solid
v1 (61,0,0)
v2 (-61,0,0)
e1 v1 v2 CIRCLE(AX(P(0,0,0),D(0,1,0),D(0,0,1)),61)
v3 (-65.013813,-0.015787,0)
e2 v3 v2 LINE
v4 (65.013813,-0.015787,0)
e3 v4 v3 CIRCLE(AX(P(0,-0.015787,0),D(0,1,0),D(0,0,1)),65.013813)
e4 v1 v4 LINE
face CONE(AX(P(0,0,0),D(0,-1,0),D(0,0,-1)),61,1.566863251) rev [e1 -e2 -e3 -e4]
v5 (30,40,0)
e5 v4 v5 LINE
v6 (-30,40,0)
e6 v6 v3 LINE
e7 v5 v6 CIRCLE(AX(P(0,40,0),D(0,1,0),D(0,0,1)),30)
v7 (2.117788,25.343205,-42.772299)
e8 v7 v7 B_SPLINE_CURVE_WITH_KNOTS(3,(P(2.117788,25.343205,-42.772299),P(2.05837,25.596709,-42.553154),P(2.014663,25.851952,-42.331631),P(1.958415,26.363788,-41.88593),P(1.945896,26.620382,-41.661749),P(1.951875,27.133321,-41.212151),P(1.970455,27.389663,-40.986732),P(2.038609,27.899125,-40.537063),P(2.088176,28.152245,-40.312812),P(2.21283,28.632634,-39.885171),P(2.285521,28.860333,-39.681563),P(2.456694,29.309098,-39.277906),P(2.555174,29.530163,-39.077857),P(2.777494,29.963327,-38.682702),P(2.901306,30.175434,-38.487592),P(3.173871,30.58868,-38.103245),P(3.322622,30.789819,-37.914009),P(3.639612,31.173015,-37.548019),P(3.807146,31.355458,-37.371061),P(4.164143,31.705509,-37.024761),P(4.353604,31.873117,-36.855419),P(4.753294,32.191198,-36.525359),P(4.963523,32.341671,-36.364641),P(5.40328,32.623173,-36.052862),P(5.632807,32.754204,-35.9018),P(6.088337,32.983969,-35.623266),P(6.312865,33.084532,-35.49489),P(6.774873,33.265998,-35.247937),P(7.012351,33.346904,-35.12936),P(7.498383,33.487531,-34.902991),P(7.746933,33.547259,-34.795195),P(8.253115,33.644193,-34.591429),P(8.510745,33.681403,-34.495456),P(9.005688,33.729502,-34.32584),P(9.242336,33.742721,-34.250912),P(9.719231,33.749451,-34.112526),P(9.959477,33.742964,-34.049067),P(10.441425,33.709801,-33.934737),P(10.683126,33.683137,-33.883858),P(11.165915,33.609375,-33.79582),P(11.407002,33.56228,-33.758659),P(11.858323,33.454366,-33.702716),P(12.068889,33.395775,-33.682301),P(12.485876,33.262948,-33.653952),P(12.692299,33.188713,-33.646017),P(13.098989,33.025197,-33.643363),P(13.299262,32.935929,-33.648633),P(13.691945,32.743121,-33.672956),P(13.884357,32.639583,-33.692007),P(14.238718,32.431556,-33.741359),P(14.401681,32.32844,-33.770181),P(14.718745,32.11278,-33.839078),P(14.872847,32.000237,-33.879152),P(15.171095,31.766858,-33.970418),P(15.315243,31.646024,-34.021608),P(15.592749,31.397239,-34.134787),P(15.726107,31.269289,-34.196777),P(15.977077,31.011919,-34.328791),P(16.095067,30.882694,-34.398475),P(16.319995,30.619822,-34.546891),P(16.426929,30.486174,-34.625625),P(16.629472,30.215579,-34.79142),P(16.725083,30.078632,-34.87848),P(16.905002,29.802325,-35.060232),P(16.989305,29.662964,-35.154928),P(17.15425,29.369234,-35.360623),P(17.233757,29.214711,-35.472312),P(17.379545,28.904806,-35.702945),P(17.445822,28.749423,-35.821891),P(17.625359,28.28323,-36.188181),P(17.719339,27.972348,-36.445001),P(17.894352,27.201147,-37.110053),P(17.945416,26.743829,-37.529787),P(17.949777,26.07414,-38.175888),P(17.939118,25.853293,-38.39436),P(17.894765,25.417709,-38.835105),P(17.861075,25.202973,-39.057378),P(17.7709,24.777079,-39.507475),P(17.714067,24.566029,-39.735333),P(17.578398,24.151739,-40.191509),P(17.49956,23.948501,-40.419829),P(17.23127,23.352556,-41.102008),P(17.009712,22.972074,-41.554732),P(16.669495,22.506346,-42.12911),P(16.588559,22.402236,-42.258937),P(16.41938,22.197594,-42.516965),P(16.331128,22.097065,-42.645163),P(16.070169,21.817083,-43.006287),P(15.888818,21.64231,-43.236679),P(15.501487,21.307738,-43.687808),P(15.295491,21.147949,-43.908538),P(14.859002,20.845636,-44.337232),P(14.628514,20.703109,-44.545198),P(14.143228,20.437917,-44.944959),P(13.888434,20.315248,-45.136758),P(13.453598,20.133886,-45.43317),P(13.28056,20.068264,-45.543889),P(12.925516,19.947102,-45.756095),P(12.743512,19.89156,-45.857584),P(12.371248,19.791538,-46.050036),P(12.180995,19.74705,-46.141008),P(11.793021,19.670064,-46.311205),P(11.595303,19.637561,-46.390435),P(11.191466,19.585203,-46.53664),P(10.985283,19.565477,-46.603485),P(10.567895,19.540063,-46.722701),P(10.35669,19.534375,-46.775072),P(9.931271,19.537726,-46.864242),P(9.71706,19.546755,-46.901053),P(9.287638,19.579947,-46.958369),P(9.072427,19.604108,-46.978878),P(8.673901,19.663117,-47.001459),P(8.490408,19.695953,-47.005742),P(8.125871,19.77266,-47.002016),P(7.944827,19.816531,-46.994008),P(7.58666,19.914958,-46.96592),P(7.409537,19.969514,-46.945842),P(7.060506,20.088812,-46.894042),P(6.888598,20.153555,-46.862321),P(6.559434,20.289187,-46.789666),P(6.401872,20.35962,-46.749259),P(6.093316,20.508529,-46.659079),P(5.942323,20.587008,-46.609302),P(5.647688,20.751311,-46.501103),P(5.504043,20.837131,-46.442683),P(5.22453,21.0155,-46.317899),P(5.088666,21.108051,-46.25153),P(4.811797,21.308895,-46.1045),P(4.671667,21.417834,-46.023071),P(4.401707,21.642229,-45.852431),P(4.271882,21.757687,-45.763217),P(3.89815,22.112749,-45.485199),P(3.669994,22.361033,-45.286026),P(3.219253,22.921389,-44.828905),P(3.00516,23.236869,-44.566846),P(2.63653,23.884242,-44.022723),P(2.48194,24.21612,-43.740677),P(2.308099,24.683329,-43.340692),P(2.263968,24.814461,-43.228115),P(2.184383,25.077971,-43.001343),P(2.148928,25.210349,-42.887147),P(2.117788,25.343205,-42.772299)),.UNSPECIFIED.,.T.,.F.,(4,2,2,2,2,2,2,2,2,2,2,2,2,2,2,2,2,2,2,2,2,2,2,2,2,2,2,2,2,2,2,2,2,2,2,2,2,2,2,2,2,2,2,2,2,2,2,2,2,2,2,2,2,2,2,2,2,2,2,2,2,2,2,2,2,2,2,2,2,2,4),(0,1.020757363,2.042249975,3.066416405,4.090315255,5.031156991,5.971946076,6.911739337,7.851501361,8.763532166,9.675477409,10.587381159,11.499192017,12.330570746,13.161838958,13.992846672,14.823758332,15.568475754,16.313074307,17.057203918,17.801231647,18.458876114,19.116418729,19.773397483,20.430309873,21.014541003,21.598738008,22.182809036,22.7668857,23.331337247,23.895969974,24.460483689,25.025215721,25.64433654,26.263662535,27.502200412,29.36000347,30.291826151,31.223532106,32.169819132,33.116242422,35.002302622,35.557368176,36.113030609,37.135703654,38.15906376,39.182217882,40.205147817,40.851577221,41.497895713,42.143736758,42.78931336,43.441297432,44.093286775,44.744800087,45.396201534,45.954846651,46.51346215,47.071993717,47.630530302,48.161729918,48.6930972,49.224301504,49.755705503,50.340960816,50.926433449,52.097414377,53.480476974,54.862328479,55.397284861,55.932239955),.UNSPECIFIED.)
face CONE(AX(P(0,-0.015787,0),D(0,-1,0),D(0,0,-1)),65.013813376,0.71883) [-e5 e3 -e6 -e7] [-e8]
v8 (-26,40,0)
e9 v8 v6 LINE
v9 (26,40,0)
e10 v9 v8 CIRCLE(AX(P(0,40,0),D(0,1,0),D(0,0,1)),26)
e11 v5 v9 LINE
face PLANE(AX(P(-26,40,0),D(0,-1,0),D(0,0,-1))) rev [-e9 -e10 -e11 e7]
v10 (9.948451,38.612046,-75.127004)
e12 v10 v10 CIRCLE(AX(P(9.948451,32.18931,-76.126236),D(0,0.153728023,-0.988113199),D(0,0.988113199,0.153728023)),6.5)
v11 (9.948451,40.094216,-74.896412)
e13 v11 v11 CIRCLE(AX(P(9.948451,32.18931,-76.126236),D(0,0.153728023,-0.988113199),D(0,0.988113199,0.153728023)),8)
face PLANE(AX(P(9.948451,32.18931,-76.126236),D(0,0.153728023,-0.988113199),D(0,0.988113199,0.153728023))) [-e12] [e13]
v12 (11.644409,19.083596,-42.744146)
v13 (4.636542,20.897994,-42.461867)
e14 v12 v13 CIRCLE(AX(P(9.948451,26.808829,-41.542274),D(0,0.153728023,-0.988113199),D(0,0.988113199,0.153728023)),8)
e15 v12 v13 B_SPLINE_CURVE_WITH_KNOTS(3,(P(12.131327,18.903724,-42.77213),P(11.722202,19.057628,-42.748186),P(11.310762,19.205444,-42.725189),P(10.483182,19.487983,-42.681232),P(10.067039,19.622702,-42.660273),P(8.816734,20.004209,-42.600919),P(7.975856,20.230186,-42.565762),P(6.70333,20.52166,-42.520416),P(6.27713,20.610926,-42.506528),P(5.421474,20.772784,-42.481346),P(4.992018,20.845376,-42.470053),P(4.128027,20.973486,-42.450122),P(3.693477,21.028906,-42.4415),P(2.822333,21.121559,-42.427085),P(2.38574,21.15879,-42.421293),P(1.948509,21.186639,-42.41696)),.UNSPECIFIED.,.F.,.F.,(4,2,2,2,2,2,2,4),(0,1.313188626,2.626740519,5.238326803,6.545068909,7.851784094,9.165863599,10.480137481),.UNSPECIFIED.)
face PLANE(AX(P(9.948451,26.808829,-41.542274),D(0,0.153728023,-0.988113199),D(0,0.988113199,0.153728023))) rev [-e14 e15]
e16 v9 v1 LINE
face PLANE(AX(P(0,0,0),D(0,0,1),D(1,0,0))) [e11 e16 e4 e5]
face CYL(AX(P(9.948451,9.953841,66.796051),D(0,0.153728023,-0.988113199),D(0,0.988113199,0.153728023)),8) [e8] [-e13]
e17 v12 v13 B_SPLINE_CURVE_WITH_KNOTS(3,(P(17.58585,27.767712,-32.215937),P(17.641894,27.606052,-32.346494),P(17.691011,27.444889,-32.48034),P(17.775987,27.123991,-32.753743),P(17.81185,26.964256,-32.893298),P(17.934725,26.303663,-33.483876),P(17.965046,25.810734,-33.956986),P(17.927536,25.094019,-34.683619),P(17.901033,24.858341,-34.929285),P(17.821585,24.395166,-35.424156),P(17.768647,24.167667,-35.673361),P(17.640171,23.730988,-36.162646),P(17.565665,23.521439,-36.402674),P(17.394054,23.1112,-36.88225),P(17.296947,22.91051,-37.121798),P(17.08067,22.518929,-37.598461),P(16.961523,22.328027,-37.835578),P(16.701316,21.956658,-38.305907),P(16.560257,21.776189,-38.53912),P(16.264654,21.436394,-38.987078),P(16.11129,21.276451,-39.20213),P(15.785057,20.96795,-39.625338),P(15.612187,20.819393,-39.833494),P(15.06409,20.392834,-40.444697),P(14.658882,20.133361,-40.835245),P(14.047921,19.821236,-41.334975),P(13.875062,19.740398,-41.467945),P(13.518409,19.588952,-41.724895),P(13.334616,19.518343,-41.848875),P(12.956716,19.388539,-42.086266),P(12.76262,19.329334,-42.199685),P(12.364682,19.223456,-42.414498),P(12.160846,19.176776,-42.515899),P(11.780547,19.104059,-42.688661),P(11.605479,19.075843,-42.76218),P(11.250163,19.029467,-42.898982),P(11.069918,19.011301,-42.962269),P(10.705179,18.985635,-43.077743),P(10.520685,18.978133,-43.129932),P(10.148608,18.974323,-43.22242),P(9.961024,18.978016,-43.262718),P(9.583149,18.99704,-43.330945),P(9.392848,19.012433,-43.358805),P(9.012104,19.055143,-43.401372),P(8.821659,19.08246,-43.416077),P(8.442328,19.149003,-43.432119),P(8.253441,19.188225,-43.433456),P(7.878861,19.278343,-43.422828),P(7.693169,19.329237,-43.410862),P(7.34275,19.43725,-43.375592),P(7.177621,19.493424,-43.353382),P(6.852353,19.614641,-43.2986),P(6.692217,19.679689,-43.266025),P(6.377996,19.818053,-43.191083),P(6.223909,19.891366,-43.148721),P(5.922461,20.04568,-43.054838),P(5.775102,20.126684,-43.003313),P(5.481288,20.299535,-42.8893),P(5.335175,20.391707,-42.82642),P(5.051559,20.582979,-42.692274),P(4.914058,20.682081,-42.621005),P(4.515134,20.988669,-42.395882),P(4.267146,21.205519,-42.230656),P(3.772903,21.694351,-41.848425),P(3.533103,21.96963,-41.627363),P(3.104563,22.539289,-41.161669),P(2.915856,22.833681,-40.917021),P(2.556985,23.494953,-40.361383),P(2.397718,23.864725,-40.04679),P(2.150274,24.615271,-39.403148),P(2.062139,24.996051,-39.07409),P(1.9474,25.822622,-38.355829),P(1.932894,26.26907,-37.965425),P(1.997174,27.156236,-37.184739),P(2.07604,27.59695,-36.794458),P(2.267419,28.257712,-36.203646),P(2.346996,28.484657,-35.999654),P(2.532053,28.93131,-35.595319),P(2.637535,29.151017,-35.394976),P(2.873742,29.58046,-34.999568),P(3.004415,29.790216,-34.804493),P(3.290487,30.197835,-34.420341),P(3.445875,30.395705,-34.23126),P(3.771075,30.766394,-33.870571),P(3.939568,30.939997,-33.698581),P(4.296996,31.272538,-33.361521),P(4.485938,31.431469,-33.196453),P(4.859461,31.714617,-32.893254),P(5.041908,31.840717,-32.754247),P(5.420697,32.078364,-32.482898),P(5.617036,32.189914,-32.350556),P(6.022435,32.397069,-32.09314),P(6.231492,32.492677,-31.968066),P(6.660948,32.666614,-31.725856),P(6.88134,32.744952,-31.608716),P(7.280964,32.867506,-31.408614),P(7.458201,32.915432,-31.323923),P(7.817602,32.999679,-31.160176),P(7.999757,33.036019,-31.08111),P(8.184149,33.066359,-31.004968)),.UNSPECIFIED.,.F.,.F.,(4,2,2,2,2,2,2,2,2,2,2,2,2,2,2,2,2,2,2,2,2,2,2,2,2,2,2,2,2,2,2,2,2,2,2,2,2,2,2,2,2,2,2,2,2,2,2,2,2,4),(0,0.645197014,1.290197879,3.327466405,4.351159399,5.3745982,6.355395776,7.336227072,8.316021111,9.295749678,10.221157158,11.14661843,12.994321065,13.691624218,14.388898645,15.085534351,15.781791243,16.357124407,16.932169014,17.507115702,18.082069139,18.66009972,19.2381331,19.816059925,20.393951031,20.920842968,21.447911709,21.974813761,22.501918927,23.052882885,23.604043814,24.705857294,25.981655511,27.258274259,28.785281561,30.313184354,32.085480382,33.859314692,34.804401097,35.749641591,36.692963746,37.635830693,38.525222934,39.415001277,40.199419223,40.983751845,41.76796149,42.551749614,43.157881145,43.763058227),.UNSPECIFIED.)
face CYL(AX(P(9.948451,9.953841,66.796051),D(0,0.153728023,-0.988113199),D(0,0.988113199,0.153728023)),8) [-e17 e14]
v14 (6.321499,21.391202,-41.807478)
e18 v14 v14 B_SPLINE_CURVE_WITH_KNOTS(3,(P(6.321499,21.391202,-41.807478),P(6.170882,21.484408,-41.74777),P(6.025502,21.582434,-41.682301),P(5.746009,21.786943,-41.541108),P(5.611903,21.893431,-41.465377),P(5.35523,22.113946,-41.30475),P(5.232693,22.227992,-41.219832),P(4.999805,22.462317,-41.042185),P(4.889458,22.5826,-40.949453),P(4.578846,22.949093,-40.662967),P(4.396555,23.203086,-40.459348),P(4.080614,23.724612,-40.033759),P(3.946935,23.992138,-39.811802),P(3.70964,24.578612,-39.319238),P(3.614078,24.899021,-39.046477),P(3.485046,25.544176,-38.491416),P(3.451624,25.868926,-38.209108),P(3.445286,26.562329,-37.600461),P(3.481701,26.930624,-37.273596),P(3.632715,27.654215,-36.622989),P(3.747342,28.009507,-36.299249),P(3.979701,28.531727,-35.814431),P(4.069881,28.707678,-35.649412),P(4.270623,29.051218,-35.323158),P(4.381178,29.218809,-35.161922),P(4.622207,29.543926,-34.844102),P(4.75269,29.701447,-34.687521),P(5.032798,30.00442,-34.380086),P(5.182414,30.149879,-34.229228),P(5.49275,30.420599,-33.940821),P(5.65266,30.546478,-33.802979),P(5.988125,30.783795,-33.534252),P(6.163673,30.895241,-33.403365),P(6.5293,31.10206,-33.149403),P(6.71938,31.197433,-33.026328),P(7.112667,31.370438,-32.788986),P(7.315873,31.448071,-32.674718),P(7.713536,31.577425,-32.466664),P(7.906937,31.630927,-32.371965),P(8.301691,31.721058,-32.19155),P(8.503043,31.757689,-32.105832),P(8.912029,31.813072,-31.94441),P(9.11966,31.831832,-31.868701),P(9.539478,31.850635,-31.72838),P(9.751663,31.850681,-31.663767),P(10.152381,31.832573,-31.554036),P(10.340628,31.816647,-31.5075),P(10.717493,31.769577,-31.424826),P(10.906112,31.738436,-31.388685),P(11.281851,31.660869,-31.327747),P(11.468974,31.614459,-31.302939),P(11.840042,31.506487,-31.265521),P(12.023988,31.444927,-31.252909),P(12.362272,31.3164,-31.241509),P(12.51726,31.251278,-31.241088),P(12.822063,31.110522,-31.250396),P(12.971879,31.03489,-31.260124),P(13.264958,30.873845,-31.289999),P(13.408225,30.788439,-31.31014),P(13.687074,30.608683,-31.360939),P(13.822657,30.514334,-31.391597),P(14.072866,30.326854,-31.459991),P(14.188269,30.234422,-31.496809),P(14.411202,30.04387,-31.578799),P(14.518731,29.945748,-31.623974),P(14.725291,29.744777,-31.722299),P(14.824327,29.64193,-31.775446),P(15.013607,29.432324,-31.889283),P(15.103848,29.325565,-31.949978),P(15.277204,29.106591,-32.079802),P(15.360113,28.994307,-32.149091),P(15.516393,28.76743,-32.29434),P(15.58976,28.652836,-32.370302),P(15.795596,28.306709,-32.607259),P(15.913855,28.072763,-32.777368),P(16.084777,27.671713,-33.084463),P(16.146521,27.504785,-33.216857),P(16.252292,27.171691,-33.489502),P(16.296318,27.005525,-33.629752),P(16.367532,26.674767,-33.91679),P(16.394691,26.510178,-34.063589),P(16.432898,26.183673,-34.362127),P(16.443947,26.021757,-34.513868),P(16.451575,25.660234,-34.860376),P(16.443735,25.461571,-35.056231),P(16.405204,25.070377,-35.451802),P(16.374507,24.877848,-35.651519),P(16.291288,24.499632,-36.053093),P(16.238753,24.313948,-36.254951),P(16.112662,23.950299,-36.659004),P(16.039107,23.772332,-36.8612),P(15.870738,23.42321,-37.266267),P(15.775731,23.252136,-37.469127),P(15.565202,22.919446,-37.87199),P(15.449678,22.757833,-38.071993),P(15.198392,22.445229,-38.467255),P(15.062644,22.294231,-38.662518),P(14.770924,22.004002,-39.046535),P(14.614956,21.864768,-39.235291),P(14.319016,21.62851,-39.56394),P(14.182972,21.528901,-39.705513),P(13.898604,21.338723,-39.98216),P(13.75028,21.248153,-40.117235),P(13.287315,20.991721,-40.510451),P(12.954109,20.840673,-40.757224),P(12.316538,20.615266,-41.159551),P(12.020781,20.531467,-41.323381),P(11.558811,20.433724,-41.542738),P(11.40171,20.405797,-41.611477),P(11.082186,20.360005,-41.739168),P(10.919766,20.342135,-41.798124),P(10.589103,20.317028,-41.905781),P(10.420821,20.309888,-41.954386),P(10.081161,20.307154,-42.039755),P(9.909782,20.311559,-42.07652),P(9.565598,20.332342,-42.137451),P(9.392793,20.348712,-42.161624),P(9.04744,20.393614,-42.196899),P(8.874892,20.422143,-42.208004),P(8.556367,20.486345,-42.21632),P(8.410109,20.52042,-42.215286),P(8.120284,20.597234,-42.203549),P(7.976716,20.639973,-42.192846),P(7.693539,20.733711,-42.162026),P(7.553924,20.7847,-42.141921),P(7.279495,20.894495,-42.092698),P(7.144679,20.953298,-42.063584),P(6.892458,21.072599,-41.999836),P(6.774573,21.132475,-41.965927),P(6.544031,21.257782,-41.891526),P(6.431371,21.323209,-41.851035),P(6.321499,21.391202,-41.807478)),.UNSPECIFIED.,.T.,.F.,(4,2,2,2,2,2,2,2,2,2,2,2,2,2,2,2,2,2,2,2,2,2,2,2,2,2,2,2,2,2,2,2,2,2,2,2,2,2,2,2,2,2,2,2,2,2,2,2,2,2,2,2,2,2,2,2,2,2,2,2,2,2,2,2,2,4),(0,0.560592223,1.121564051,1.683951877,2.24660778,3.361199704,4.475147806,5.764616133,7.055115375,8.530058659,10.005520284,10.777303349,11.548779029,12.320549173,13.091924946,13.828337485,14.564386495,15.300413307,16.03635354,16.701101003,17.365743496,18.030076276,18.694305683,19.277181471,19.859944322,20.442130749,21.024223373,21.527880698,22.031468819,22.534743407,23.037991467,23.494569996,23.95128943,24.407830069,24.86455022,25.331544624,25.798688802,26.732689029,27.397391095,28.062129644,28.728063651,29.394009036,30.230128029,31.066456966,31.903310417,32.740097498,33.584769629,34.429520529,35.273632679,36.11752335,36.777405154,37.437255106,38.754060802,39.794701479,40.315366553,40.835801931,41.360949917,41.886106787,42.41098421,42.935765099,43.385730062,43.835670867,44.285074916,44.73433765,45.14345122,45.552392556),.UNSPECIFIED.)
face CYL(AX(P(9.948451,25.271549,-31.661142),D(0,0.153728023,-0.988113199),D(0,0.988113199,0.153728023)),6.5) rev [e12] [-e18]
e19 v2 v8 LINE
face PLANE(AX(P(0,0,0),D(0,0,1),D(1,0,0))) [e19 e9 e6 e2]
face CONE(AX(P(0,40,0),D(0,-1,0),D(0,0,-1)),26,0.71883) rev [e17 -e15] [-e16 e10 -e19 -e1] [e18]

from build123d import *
from build123d.topology import SkipClean

# Parameters (mm, degrees)
REVOLVE1_ANGLE                  = 180
SKETCH3_R                       = 26
CUT_EXTRUDE1_DEPTH              = 10
SKETCH6_R                       = 8
BOSS_EXTRUDE2_DEPTH             = 35
BOSS_EXTRUDE2_DIRECTION_2_REACH = 133.642
CUT_EXTRUDE8_DEPTH              = 35
CUT_EXTRUDE8_DEPTH_BACK         = 10
SKETCH6_6_R                     = 6.5
SKETCH7_W                       = 164.845441074
SKETCH7_H                       = 52.750628287
CUT_EXTRUDE9_DEPTH              = 109.712015004


with BuildPart() as part:
    # Sketch1 → Revolve1 (revolve)
    with BuildSketch(Plane.XY):
        Polygon((26, 40), (61, 0), (65.013813376, -0.015786716), (30, 40), align=None)
    revolve1 = revolve(axis=Axis((0, 40, 0), (0, -1, 0)), revolution_arc=REVOLVE1_ANGLE)

    # Sketch3 → Cut-Extrude1 (cut)
    with BuildSketch(Plane(origin=(0, 32.212389381, 36.814159292), x_dir=(1, 0, 0), z_dir=(0, 0.6585046078685183, 0.7525766947068778))):
        with Locations((0, -20.352106134)):
            Circle(SKETCH3_R)
    extrude(amount=-CUT_EXTRUDE1_DEPTH, mode=Mode.SUBTRACT)

    # Mirror1: Revolve1 across plane
    add(revolve1.mirror(Plane.XY))

    # Sketch6 → Boss-Extrude2 (add)
    with BuildSketch(Plane(origin=(9.948450871, 26.808829171, -41.542274476), x_dir=(-1, 0, 0), z_dir=(0, 0.15372802298718932, -0.9881131994606945))):
        with Locations(Location((0, 0, 0), (0, 0, 90))):
            Circle(SKETCH6_R)
    extrude(amount=BOSS_EXTRUDE2_DEPTH)

    # Boss-Extrude2 direction 2: up to this cone (the profile starts outside it)
    with SkipClean():  # the faces are left unmerged after this step: merging them gives an invalid solid
        boss_extrude2_direction_2_end = Plane(origin=(0, 26.808829, 0), z_dir=(0, -1, 0)).offset(-47.476884286) * Cone(1e-06, 195.266014922, 223.161158911, align=(Align.CENTER, Align.CENTER, Align.MIN), mode=Mode.PRIVATE)
        # Sketch6 → Boss-Extrude2 direction 2 (add, up to the surface)
        with BuildSketch(Plane(origin=(9.948450871, 26.808829171, -41.542274476), x_dir=(-1, 0, 0), z_dir=(0, 0.15372802298718932, -0.9881131994606945)), mode=Mode.PRIVATE) as boss_extrude2_direction_2_sk1:
            with Locations(Location((0, 0, 0), (0, 0, 90))):
                Circle(SKETCH6_R)
        boss_extrude2_direction_2_tool1 = extrude(boss_extrude2_direction_2_sk1.sketch, amount=-BOSS_EXTRUDE2_DIRECTION_2_REACH, mode=Mode.PRIVATE) - boss_extrude2_direction_2_end
        add(boss_extrude2_direction_2_tool1.solids().sort_by_distance((9.948451, 26.808829, -41.542274))[0])

    # Sketch6<6> → Cut-Extrude8 (cut, two sides: drawn at the far end of the back side and taken through both)
    with BuildSketch(Plane(origin=(9.948450871, 26.808829171, -41.542274476), x_dir=(-1, 0, 0), z_dir=(0, 0.15372802298718932, -0.9881131994606945)).offset(-CUT_EXTRUDE8_DEPTH_BACK)):
        with Locations(Location((0, 0, 0), (0, 0, 90))):
            Circle(SKETCH6_6_R)
    extrude(amount=CUT_EXTRUDE8_DEPTH + CUT_EXTRUDE8_DEPTH_BACK, mode=Mode.SUBTRACT)

    # Sketch7 → Cut-Extrude9 (cut, through all)
    with BuildSketch(Plane.XY):
        with Locations((11.116613387, 15.529637373)):
            Rectangle(SKETCH7_W, SKETCH7_H)
    extrude(amount=CUT_EXTRUDE9_DEPTH, mode=Mode.SUBTRACT)


solid = part.part
